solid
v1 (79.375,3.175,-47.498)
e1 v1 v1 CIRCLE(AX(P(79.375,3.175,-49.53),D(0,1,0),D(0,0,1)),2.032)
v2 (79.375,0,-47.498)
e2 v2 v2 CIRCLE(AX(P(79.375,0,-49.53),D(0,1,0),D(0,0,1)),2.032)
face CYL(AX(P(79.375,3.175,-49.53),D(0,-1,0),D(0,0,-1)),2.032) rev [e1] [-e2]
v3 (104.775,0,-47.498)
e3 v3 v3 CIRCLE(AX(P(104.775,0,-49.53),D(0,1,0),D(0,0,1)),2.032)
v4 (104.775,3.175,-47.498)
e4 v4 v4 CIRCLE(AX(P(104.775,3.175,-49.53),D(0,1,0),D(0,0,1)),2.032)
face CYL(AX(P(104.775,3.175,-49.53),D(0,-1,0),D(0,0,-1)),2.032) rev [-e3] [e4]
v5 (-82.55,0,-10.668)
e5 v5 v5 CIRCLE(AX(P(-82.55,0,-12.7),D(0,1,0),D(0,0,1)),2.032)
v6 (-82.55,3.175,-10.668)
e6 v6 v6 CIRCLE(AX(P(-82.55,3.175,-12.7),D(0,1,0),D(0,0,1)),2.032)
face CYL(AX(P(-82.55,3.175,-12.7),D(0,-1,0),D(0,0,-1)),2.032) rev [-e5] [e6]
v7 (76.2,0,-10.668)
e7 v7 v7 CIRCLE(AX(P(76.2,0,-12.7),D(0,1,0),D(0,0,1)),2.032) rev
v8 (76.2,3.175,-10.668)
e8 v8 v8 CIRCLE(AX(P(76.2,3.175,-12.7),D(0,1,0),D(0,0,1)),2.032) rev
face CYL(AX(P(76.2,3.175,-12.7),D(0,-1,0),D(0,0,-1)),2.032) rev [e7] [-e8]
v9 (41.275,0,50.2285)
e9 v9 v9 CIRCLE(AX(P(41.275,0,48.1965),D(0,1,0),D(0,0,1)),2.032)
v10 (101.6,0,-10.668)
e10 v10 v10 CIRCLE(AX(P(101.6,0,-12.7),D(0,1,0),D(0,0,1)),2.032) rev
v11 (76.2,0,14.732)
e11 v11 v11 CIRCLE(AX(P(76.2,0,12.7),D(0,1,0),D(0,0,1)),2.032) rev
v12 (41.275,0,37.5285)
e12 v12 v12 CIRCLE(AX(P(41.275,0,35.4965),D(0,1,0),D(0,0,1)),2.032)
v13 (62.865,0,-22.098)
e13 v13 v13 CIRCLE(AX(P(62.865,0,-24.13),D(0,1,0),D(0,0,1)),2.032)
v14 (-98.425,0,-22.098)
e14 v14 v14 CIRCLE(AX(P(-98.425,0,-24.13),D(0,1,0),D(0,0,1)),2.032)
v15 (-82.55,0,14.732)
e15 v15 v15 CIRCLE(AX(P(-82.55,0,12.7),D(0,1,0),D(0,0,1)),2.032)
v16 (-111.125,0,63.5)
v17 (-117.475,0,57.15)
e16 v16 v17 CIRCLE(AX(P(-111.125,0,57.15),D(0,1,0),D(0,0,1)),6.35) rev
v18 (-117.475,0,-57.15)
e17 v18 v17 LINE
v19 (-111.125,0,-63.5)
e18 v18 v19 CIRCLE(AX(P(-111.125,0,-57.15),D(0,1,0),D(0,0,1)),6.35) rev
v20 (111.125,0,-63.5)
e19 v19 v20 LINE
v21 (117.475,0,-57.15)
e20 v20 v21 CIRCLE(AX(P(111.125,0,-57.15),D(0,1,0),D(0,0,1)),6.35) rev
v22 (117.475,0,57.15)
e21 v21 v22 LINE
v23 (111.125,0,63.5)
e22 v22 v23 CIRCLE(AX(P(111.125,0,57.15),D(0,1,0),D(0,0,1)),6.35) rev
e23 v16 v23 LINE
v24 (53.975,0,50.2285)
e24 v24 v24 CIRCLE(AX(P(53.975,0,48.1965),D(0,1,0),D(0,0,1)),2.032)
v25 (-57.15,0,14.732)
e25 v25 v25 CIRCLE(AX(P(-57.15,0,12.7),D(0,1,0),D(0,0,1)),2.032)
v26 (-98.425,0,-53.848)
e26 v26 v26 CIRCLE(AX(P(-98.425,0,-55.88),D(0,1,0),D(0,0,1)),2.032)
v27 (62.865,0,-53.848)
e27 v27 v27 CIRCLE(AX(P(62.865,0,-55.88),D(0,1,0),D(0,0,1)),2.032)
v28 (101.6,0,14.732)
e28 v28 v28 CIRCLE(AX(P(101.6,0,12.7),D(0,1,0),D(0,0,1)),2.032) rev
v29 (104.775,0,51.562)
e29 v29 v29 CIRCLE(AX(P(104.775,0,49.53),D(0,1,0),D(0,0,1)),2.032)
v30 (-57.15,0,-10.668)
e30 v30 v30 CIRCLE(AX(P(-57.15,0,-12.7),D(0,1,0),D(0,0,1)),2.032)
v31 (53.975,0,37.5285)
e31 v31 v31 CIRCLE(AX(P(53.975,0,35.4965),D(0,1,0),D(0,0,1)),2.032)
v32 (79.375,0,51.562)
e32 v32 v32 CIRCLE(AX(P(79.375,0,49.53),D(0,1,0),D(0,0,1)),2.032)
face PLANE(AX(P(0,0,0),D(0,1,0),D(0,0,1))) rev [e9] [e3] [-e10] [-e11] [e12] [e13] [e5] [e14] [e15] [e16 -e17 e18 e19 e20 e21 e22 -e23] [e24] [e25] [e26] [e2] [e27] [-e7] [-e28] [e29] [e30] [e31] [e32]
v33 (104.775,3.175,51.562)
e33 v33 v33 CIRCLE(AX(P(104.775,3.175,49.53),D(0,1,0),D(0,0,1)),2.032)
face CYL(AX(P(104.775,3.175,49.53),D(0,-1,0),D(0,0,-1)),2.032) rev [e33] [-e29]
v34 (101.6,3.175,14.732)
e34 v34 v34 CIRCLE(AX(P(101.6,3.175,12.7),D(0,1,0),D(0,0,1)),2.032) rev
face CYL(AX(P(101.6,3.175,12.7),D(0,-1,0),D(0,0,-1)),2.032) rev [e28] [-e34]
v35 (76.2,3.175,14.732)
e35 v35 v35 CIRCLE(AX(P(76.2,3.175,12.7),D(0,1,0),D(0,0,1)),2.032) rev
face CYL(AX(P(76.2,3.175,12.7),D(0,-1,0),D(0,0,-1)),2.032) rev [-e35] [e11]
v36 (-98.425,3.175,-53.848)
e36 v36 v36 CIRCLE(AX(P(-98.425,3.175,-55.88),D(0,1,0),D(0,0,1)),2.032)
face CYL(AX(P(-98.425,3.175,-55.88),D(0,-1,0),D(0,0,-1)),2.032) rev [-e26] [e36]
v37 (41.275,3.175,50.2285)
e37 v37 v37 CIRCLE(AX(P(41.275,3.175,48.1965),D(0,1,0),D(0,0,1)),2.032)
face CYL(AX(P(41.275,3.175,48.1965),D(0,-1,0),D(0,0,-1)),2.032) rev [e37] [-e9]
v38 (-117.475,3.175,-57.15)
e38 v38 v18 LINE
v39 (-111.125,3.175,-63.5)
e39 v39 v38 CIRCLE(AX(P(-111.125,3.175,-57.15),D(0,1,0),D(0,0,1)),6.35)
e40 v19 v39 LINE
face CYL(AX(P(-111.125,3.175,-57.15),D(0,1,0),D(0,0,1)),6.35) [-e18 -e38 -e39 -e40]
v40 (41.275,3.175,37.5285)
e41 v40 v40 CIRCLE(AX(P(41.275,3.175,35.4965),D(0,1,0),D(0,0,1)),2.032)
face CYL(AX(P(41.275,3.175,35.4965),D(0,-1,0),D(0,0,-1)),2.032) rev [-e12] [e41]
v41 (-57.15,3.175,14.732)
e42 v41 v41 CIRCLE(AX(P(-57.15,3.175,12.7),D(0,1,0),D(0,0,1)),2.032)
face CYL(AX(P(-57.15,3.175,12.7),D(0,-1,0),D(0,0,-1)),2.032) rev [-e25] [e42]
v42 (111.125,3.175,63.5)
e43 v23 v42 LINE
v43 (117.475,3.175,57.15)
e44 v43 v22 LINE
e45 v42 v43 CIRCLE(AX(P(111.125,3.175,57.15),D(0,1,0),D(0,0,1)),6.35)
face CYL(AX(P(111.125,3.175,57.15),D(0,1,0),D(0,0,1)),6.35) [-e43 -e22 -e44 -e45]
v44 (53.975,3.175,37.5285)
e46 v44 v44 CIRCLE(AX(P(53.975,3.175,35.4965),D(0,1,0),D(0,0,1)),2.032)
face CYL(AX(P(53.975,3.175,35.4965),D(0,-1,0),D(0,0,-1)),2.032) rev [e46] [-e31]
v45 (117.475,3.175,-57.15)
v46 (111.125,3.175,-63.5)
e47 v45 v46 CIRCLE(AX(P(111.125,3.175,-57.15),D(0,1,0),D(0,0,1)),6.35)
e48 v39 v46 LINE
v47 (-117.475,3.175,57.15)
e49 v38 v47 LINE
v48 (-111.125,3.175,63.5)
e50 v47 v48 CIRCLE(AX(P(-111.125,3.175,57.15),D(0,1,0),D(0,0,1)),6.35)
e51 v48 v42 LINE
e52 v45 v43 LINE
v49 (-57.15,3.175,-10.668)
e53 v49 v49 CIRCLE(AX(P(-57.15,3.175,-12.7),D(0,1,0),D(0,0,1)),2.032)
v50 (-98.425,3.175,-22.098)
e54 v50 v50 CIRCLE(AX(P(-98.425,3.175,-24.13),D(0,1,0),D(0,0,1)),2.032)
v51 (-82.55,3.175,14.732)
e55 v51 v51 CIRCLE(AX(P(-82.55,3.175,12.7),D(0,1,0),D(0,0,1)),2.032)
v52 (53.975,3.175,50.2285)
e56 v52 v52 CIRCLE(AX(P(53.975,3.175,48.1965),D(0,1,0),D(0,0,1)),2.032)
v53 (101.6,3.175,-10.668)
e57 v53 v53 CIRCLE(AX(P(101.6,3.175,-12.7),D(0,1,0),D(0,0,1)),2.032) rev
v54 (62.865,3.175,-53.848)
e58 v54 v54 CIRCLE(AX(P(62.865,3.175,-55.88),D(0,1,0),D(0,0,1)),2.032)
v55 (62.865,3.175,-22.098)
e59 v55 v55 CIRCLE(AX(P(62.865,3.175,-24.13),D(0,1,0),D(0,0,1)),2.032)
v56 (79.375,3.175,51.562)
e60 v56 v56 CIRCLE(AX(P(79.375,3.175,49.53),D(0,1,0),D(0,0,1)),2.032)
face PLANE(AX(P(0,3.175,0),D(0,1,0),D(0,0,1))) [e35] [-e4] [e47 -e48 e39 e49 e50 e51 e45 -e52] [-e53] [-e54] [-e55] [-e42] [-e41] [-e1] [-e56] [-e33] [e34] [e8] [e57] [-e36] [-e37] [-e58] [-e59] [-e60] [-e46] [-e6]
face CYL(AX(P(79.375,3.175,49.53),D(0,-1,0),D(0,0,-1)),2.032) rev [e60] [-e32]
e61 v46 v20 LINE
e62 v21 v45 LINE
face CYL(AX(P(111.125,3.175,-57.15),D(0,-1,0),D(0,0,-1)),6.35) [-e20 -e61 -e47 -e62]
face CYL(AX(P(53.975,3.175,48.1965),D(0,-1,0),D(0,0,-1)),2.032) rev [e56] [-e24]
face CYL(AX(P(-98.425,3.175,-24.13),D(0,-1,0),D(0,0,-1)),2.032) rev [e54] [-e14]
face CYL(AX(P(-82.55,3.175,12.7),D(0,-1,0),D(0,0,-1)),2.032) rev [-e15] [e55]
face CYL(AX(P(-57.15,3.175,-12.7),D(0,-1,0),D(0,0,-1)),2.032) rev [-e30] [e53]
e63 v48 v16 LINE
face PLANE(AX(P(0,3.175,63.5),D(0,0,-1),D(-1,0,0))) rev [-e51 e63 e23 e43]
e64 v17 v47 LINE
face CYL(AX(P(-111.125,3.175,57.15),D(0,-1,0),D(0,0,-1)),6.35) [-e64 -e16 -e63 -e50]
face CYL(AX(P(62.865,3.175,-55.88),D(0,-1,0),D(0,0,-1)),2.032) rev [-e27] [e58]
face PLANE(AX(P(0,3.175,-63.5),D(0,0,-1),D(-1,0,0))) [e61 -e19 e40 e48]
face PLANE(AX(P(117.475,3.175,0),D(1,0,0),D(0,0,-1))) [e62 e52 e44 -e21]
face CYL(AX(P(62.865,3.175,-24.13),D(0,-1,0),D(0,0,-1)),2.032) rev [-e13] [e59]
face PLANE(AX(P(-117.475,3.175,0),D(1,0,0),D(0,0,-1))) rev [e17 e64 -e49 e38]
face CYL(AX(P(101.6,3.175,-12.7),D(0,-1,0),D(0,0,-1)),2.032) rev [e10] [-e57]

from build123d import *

# Parameters (mm, degrees)
SKETCH1_W           = 234.95
SKETCH1_H           = 127
SKETCH1_R           = 2.032
BOSS_EXTRUDE1_DEPTH = 3.175
FILLET1_R           = 6.35


with BuildPart() as part:
    # Sketch1 → Boss-Extrude1 (new body)
    with BuildSketch(Plane(origin=(0, 0, 0), x_dir=(1, 0, 0), z_dir=(0, 1, 0))):
        Rectangle(SKETCH1_W, SKETCH1_H)
        with Locations(Location((79.375, 49.53, 0), (0, 0, 270))):
            Circle(SKETCH1_R, mode=Mode.SUBTRACT)
        with Locations(Location((79.375, -49.53, 0), (0, 0, 270))):
            Circle(SKETCH1_R, mode=Mode.SUBTRACT)
        with Locations(Location((104.775, -49.53, 0), (0, 0, 270))):
            Circle(SKETCH1_R, mode=Mode.SUBTRACT)
        with Locations(Location((104.775, 49.53, 0), (0, 0, 270))):
            Circle(SKETCH1_R, mode=Mode.SUBTRACT)
        with Locations(Location((53.975, -35.4965, 0), (0, 0, 270))):
            Circle(SKETCH1_R, mode=Mode.SUBTRACT)
        with Locations(Location((41.275, -35.4965, 0), (0, 0, 270))):
            Circle(SKETCH1_R, mode=Mode.SUBTRACT)
        with Locations(Location((41.275, -48.1965, 0), (0, 0, 270))):
            Circle(SKETCH1_R, mode=Mode.SUBTRACT)
        with Locations(Location((53.975, -48.1965, 0), (0, 0, 270))):
            Circle(SKETCH1_R, mode=Mode.SUBTRACT)
        with Locations(Location((-98.425, 55.88, 0), (0, 0, 270))):
            Circle(SKETCH1_R, mode=Mode.SUBTRACT)
        with Locations(Location((-98.425, 24.13, 0), (0, 0, 270))):
            Circle(SKETCH1_R, mode=Mode.SUBTRACT)
        with Locations(Location((62.865, 55.88, 0), (0, 0, 270))):
            Circle(SKETCH1_R, mode=Mode.SUBTRACT)
        with Locations(Location((62.865, 24.13, 0), (0, 0, 270))):
            Circle(SKETCH1_R, mode=Mode.SUBTRACT)
        with Locations(Location((-82.55, 12.7, 0), (0, 0, 270))):
            Circle(SKETCH1_R, mode=Mode.SUBTRACT)
        with Locations(Location((-57.15, 12.7, 0), (0, 0, 270))):
            Circle(SKETCH1_R, mode=Mode.SUBTRACT)
        with Locations(Location((-82.55, -12.7, 0), (0, 0, 270))):
            Circle(SKETCH1_R, mode=Mode.SUBTRACT)
        with Locations(Location((-57.15, -12.7, 0), (0, 0, 270))):
            Circle(SKETCH1_R, mode=Mode.SUBTRACT)
        with Locations(Location((76.2, -12.7, 0), (0, 0, 270))):
            Circle(SKETCH1_R, mode=Mode.SUBTRACT)
        with Locations(Location((101.6, -12.7, 0), (0, 0, 270))):
            Circle(SKETCH1_R, mode=Mode.SUBTRACT)
        with Locations(Location((76.2, 12.7, 0), (0, 0, 270))):
            Circle(SKETCH1_R, mode=Mode.SUBTRACT)
        with Locations(Location((101.6, 12.7, 0), (0, 0, 270))):
            Circle(SKETCH1_R, mode=Mode.SUBTRACT)
    extrude(amount=BOSS_EXTRUDE1_DEPTH)

    # Fillet1
    fillet1_edges = [part.edges().sort_by_distance(p)[0] for p in [
        (117.475, 1.5875, 63.5),
        (-117.475, 1.5875, 63.5),
        (-117.475, 1.5875, -63.5),
        (117.475, 1.5875, -63.5),
    ]]
    fillet(fillet1_edges, radius=FILLET1_R)


solid = part.part
